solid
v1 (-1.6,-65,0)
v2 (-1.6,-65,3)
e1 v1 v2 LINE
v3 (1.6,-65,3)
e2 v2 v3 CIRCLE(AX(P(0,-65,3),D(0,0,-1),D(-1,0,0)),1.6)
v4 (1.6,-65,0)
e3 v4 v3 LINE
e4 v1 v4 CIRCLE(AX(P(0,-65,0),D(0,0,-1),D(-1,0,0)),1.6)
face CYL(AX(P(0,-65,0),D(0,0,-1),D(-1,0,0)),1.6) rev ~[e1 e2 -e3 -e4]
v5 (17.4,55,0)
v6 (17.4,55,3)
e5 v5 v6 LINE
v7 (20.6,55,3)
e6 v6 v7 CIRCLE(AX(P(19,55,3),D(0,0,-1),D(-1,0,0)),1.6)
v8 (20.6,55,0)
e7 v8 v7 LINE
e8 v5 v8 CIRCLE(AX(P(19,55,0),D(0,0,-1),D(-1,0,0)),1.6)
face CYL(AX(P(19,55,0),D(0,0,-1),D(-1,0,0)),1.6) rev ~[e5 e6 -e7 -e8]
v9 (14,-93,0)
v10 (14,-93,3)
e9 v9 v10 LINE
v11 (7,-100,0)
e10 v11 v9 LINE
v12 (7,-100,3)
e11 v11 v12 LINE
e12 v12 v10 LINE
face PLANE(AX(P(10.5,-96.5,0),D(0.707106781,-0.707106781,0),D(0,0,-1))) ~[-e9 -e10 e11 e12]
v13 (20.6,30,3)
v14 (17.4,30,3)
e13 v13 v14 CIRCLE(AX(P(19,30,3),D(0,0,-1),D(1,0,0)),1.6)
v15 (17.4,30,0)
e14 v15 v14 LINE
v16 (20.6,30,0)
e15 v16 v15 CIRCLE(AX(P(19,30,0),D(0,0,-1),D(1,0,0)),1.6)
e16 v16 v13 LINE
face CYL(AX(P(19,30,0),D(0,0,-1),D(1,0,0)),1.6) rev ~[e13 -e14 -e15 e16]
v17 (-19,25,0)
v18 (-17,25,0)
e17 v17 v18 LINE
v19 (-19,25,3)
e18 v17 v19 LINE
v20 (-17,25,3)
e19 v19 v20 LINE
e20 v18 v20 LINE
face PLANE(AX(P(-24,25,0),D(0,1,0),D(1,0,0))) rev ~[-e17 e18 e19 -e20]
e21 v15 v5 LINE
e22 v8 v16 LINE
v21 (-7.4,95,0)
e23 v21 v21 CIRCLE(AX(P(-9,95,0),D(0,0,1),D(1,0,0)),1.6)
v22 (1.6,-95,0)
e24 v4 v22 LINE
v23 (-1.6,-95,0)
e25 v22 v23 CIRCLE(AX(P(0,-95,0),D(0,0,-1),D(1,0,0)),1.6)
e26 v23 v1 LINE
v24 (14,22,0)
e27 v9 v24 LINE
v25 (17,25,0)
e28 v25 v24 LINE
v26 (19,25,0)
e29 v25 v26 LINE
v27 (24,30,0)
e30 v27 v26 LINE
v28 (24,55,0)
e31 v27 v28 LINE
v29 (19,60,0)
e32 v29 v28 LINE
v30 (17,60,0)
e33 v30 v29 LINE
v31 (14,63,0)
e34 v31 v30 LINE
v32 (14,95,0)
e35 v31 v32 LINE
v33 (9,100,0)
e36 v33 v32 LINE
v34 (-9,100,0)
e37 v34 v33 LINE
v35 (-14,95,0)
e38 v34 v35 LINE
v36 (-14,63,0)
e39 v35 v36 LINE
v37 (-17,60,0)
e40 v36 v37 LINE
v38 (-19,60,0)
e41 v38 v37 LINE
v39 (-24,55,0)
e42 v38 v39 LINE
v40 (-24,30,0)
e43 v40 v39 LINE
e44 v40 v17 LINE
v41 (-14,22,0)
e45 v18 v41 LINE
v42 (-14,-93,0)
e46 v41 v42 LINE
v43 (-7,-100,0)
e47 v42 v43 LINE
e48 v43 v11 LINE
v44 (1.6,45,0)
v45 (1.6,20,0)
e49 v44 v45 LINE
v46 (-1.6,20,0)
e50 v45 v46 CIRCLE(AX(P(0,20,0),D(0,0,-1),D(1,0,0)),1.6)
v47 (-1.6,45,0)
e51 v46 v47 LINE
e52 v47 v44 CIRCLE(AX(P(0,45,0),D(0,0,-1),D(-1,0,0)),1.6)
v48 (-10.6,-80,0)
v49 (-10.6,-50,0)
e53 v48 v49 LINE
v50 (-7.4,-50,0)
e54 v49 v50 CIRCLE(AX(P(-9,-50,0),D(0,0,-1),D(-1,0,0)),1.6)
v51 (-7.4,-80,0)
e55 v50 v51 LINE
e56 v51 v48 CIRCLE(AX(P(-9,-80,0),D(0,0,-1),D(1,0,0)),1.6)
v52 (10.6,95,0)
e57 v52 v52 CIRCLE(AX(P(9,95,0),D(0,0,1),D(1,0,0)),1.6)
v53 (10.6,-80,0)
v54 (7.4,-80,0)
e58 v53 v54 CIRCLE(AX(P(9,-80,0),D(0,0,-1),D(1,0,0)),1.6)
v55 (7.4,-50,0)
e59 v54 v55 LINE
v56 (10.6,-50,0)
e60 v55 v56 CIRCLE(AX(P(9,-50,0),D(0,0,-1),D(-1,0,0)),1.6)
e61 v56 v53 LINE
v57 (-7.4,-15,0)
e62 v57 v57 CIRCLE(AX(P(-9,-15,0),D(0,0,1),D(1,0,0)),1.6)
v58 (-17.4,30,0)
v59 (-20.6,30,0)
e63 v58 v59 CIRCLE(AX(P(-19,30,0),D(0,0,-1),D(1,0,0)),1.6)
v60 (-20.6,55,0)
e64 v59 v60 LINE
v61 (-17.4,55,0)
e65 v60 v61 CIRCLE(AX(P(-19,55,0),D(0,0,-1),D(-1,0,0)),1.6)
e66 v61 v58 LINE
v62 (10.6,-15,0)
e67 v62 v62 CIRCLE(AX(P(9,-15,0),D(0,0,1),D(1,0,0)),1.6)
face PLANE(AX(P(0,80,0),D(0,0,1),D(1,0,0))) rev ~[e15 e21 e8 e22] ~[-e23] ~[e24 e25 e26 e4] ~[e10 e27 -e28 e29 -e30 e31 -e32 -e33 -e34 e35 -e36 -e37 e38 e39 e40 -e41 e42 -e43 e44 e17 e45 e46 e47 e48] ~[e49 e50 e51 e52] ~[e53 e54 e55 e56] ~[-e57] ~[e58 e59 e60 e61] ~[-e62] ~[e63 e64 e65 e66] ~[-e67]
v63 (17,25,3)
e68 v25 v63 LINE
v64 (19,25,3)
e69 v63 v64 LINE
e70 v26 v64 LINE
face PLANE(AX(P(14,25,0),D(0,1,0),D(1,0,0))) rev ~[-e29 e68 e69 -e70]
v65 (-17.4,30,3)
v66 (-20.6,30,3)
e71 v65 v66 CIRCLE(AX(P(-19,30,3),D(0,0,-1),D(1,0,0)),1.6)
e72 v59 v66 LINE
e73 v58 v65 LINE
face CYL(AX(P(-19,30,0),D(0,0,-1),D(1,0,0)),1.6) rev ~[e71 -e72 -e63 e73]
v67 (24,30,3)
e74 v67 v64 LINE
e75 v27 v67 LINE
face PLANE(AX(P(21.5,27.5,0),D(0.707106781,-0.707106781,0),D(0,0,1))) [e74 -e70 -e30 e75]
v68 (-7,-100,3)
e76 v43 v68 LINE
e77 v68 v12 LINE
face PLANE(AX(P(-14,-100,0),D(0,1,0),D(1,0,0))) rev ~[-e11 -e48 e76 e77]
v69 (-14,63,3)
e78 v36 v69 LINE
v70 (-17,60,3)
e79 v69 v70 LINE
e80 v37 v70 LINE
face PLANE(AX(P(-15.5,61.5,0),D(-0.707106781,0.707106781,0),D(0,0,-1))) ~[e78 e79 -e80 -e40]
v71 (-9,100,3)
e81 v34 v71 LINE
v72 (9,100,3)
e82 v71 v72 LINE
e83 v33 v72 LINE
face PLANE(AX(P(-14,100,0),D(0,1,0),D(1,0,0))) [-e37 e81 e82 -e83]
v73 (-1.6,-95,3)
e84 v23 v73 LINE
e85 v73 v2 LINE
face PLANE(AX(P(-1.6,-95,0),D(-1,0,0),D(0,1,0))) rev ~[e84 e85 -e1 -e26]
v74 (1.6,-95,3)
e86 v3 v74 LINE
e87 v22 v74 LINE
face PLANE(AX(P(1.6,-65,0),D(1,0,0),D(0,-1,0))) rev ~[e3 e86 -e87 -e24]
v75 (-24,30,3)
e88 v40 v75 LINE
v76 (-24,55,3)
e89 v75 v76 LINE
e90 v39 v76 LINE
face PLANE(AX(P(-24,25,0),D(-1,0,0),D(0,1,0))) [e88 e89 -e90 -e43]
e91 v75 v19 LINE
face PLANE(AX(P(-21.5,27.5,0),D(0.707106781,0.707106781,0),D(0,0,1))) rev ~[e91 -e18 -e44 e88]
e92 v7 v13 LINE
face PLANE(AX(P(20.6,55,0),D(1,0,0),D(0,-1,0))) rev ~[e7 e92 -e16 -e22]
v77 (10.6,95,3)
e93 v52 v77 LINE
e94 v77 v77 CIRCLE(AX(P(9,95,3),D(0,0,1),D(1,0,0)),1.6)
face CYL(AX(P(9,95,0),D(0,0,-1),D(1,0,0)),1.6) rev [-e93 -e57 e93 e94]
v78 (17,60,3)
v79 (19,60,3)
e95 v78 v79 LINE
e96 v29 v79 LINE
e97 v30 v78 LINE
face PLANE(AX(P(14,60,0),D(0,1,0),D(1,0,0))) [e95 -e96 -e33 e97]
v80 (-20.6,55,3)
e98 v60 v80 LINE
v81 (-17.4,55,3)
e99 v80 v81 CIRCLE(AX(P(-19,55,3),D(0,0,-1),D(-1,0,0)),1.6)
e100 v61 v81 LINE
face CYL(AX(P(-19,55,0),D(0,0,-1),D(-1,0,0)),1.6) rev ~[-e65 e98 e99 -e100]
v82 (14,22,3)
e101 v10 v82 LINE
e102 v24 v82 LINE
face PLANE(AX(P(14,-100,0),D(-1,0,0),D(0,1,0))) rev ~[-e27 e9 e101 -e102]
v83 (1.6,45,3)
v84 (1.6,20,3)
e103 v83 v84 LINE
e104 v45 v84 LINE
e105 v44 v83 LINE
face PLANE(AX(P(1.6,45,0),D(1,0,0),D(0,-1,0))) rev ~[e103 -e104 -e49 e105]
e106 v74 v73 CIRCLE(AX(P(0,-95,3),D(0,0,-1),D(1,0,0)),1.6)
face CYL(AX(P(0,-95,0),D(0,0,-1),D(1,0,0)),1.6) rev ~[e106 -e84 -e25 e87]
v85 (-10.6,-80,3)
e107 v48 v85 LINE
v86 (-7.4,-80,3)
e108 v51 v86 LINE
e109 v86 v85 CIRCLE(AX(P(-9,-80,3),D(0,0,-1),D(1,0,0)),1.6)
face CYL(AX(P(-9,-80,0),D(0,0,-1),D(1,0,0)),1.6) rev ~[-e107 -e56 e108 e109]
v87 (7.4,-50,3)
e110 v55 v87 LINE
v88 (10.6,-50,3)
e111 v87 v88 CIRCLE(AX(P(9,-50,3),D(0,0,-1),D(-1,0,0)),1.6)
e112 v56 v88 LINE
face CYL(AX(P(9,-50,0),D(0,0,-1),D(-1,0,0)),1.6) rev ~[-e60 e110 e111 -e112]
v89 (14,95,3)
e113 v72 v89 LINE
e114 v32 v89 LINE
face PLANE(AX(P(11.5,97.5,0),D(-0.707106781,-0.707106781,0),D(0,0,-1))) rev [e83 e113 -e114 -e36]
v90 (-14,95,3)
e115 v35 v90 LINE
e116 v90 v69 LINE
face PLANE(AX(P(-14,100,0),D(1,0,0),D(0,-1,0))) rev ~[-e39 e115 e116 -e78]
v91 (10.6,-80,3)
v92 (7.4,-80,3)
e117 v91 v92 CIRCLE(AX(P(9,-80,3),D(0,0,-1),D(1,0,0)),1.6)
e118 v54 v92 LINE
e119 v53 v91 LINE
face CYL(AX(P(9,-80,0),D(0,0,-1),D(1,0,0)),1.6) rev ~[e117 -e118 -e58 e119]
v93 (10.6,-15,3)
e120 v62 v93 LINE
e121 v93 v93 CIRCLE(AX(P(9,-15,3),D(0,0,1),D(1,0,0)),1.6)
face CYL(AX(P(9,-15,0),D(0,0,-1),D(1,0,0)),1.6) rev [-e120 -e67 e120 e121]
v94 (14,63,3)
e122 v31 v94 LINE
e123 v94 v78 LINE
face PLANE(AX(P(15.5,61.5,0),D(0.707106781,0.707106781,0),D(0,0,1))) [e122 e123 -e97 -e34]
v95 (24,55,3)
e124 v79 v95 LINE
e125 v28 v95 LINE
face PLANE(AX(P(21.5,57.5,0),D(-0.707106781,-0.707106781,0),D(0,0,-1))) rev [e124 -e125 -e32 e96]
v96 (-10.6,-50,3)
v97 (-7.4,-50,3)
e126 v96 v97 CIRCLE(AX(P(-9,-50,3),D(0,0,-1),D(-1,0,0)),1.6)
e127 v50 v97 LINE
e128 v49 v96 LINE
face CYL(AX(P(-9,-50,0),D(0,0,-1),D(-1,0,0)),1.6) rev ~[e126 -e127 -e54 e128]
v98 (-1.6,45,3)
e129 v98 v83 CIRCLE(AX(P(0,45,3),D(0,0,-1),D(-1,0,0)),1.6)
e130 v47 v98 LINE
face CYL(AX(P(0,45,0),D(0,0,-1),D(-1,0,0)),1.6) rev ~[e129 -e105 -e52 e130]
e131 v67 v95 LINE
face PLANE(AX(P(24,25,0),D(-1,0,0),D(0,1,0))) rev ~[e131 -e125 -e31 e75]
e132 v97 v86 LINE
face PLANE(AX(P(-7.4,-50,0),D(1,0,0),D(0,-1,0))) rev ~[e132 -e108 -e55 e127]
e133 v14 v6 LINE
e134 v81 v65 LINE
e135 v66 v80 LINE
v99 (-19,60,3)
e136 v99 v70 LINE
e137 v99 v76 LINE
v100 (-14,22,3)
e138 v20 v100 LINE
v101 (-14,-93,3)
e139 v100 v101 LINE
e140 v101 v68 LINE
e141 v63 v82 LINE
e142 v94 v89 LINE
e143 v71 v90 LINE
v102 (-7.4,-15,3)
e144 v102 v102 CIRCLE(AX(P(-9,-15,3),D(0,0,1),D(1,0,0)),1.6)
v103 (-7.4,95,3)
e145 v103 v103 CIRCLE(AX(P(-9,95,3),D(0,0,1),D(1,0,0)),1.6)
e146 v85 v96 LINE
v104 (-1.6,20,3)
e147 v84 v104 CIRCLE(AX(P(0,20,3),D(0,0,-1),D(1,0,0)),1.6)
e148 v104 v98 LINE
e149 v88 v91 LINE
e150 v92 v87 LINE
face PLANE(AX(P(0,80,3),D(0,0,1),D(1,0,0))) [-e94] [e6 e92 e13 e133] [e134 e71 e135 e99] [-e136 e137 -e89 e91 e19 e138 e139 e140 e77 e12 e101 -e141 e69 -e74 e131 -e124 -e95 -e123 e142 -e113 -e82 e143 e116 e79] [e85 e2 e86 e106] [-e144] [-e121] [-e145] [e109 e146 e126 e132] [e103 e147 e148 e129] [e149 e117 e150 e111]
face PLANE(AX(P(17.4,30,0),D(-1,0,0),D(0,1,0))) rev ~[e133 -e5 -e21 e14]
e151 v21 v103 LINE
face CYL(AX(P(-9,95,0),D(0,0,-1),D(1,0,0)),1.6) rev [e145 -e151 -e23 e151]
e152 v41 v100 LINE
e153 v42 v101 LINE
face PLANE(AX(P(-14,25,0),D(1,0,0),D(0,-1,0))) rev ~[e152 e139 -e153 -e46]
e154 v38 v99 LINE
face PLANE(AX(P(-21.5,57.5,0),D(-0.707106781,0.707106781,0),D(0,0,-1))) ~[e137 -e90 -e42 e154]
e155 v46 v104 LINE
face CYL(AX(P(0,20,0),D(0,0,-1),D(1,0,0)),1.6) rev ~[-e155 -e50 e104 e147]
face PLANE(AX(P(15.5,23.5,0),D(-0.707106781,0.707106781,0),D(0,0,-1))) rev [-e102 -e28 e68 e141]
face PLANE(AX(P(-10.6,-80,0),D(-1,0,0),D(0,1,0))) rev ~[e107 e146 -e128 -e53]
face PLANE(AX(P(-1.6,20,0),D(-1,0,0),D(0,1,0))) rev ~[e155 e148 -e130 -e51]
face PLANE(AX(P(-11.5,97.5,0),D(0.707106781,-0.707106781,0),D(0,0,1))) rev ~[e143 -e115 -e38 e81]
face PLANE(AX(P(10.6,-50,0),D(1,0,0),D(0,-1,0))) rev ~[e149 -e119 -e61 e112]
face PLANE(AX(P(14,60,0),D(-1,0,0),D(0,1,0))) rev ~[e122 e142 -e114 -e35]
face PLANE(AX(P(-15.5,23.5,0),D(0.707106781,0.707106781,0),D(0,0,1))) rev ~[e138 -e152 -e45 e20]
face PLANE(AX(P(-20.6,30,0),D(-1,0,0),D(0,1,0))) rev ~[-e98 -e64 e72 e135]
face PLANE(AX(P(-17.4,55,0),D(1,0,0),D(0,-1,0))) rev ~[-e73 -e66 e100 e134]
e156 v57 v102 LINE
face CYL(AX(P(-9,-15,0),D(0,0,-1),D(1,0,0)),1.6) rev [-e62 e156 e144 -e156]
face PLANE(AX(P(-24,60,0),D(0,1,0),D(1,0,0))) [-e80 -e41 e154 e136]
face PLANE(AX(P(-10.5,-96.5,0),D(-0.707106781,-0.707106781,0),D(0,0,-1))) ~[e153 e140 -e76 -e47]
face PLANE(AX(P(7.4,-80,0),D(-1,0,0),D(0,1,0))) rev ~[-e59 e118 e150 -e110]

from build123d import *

# Parameters (mm, degrees)
F0_W     = 28
F0_H     = 40
F0_R     = 1.6
F0_W_2   = 10
F0_H_2   = 35
F1_DEPTH = 3
F2_SIZE  = 5
F3_SIZE  = 3
F4_SIZE  = 7


with BuildPart() as f1:
    # F0 (on Top) → F1 (new body)
    with BuildSketch(Plane.XY):
        with Locations((0, 80)):
            Rectangle(F0_W, F0_H)
        with Locations((-9, 95)):
            Circle(F0_R, mode=Mode.SUBTRACT)
        with Locations((9, 95)):
            Circle(F0_R, mode=Mode.SUBTRACT)
        with Locations((19, 42.5)):
            Rectangle(F0_W_2, F0_H_2)
        with BuildLine():
            ThreePointArc((17.4, 55), (19, 56.6), (20.6, 55))
            Line((20.6, 55), (20.6, 30))
            ThreePointArc((20.6, 30), (19, 28.4), (17.4, 30))
            Line((17.4, 30), (17.4, 55))
        make_face(mode=Mode.SUBTRACT)
        with BuildLine():
            Line((14, 25), (14, 60))
            Line((14, 60), (-14, 60))
            Line((-14, 60), (-14, 25))
            Line((-14, 25), (-1.6, 25))
            Line((-1.6, 25), (-1.6, 45))
            ThreePointArc((-1.6, 45), (0, 46.6), (1.6, 45))
            Line((1.6, 45), (1.6, 25))
            Line((1.6, 25), (14, 25))
        make_face()
        with Locations((-19, 42.5)):
            Rectangle(F0_W_2, F0_H_2)
        with BuildLine():
            ThreePointArc((-20.6, 55), (-19, 56.6), (-17.4, 55))
            Line((-17.4, 55), (-17.4, 30))
            ThreePointArc((-17.4, 30), (-19, 28.4), (-20.6, 30))
            Line((-20.6, 30), (-20.6, 55))
        make_face(mode=Mode.SUBTRACT)
        with BuildLine():
            Line((14, -100), (14, 25))
            Line((14, 25), (1.6, 25))
            Line((1.6, 25), (1.6, 20))
            ThreePointArc((1.6, 20), (0, 18.4), (-1.6, 20))
            Line((-1.6, 20), (-1.6, 25))
            Line((-1.6, 25), (-14, 25))
            Line((-14, 25), (-14, -100))
            Line((-14, -100), (14, -100))
        make_face()
        with BuildLine():
            ThreePointArc((-10.6, -50), (-9, -48.4), (-7.4, -50))
            Line((-7.4, -50), (-7.4, -80))
            ThreePointArc((-7.4, -80), (-9, -81.6), (-10.6, -80))
            Line((-10.6, -80), (-10.6, -50))
        make_face(mode=Mode.SUBTRACT)
        with Locations((-9, -15)):
            Circle(F0_R, mode=Mode.SUBTRACT)
        with BuildLine():
            Line((1.6, -65), (1.6, -95))
            ThreePointArc((1.6, -95), (0, -96.6), (-1.6, -95))
            Line((-1.6, -95), (-1.6, -65))
            ThreePointArc((-1.6, -65), (0, -63.4), (1.6, -65))
        make_face(mode=Mode.SUBTRACT)
        with BuildLine():
            Line((10.6, -50), (10.6, -80))
            ThreePointArc((10.6, -80), (9, -81.6), (7.4, -80))
            Line((7.4, -80), (7.4, -50))
            ThreePointArc((7.4, -50), (9, -48.4), (10.6, -50))
        make_face(mode=Mode.SUBTRACT)
        with Locations((9, -15)):
            Circle(F0_R, mode=Mode.SUBTRACT)
    extrude(amount=F1_DEPTH)

    # F2
    f2_edges = [f1.edges().sort_by_distance(p)[0] for p in [
        (-14, 100, 1.5),
        (14, 100, 1.5),
        (-24, 60, 1.5),
        (24, 60, 1.5),
        (-24, 25, 1.5),
        (24, 25, 1.5),
    ]]
    chamfer(f2_edges, length=F2_SIZE)

    # F3
    f3_edges = [f1.edges().sort_by_distance(p)[0] for p in [
        (14, 25, 1.5),
        (-14, 25, 1.5),
        (-14, 60, 1.5),
        (14, 60, 1.5),
    ]]
    chamfer(f3_edges, length=F3_SIZE)

    # F4
    f4_edges = [f1.edges().sort_by_distance(p)[0] for p in [
        (14, -100, 1.5),
        (-14, -100, 1.5),
    ]]
    chamfer(f4_edges, length=F4_SIZE)


solid = f1.part
